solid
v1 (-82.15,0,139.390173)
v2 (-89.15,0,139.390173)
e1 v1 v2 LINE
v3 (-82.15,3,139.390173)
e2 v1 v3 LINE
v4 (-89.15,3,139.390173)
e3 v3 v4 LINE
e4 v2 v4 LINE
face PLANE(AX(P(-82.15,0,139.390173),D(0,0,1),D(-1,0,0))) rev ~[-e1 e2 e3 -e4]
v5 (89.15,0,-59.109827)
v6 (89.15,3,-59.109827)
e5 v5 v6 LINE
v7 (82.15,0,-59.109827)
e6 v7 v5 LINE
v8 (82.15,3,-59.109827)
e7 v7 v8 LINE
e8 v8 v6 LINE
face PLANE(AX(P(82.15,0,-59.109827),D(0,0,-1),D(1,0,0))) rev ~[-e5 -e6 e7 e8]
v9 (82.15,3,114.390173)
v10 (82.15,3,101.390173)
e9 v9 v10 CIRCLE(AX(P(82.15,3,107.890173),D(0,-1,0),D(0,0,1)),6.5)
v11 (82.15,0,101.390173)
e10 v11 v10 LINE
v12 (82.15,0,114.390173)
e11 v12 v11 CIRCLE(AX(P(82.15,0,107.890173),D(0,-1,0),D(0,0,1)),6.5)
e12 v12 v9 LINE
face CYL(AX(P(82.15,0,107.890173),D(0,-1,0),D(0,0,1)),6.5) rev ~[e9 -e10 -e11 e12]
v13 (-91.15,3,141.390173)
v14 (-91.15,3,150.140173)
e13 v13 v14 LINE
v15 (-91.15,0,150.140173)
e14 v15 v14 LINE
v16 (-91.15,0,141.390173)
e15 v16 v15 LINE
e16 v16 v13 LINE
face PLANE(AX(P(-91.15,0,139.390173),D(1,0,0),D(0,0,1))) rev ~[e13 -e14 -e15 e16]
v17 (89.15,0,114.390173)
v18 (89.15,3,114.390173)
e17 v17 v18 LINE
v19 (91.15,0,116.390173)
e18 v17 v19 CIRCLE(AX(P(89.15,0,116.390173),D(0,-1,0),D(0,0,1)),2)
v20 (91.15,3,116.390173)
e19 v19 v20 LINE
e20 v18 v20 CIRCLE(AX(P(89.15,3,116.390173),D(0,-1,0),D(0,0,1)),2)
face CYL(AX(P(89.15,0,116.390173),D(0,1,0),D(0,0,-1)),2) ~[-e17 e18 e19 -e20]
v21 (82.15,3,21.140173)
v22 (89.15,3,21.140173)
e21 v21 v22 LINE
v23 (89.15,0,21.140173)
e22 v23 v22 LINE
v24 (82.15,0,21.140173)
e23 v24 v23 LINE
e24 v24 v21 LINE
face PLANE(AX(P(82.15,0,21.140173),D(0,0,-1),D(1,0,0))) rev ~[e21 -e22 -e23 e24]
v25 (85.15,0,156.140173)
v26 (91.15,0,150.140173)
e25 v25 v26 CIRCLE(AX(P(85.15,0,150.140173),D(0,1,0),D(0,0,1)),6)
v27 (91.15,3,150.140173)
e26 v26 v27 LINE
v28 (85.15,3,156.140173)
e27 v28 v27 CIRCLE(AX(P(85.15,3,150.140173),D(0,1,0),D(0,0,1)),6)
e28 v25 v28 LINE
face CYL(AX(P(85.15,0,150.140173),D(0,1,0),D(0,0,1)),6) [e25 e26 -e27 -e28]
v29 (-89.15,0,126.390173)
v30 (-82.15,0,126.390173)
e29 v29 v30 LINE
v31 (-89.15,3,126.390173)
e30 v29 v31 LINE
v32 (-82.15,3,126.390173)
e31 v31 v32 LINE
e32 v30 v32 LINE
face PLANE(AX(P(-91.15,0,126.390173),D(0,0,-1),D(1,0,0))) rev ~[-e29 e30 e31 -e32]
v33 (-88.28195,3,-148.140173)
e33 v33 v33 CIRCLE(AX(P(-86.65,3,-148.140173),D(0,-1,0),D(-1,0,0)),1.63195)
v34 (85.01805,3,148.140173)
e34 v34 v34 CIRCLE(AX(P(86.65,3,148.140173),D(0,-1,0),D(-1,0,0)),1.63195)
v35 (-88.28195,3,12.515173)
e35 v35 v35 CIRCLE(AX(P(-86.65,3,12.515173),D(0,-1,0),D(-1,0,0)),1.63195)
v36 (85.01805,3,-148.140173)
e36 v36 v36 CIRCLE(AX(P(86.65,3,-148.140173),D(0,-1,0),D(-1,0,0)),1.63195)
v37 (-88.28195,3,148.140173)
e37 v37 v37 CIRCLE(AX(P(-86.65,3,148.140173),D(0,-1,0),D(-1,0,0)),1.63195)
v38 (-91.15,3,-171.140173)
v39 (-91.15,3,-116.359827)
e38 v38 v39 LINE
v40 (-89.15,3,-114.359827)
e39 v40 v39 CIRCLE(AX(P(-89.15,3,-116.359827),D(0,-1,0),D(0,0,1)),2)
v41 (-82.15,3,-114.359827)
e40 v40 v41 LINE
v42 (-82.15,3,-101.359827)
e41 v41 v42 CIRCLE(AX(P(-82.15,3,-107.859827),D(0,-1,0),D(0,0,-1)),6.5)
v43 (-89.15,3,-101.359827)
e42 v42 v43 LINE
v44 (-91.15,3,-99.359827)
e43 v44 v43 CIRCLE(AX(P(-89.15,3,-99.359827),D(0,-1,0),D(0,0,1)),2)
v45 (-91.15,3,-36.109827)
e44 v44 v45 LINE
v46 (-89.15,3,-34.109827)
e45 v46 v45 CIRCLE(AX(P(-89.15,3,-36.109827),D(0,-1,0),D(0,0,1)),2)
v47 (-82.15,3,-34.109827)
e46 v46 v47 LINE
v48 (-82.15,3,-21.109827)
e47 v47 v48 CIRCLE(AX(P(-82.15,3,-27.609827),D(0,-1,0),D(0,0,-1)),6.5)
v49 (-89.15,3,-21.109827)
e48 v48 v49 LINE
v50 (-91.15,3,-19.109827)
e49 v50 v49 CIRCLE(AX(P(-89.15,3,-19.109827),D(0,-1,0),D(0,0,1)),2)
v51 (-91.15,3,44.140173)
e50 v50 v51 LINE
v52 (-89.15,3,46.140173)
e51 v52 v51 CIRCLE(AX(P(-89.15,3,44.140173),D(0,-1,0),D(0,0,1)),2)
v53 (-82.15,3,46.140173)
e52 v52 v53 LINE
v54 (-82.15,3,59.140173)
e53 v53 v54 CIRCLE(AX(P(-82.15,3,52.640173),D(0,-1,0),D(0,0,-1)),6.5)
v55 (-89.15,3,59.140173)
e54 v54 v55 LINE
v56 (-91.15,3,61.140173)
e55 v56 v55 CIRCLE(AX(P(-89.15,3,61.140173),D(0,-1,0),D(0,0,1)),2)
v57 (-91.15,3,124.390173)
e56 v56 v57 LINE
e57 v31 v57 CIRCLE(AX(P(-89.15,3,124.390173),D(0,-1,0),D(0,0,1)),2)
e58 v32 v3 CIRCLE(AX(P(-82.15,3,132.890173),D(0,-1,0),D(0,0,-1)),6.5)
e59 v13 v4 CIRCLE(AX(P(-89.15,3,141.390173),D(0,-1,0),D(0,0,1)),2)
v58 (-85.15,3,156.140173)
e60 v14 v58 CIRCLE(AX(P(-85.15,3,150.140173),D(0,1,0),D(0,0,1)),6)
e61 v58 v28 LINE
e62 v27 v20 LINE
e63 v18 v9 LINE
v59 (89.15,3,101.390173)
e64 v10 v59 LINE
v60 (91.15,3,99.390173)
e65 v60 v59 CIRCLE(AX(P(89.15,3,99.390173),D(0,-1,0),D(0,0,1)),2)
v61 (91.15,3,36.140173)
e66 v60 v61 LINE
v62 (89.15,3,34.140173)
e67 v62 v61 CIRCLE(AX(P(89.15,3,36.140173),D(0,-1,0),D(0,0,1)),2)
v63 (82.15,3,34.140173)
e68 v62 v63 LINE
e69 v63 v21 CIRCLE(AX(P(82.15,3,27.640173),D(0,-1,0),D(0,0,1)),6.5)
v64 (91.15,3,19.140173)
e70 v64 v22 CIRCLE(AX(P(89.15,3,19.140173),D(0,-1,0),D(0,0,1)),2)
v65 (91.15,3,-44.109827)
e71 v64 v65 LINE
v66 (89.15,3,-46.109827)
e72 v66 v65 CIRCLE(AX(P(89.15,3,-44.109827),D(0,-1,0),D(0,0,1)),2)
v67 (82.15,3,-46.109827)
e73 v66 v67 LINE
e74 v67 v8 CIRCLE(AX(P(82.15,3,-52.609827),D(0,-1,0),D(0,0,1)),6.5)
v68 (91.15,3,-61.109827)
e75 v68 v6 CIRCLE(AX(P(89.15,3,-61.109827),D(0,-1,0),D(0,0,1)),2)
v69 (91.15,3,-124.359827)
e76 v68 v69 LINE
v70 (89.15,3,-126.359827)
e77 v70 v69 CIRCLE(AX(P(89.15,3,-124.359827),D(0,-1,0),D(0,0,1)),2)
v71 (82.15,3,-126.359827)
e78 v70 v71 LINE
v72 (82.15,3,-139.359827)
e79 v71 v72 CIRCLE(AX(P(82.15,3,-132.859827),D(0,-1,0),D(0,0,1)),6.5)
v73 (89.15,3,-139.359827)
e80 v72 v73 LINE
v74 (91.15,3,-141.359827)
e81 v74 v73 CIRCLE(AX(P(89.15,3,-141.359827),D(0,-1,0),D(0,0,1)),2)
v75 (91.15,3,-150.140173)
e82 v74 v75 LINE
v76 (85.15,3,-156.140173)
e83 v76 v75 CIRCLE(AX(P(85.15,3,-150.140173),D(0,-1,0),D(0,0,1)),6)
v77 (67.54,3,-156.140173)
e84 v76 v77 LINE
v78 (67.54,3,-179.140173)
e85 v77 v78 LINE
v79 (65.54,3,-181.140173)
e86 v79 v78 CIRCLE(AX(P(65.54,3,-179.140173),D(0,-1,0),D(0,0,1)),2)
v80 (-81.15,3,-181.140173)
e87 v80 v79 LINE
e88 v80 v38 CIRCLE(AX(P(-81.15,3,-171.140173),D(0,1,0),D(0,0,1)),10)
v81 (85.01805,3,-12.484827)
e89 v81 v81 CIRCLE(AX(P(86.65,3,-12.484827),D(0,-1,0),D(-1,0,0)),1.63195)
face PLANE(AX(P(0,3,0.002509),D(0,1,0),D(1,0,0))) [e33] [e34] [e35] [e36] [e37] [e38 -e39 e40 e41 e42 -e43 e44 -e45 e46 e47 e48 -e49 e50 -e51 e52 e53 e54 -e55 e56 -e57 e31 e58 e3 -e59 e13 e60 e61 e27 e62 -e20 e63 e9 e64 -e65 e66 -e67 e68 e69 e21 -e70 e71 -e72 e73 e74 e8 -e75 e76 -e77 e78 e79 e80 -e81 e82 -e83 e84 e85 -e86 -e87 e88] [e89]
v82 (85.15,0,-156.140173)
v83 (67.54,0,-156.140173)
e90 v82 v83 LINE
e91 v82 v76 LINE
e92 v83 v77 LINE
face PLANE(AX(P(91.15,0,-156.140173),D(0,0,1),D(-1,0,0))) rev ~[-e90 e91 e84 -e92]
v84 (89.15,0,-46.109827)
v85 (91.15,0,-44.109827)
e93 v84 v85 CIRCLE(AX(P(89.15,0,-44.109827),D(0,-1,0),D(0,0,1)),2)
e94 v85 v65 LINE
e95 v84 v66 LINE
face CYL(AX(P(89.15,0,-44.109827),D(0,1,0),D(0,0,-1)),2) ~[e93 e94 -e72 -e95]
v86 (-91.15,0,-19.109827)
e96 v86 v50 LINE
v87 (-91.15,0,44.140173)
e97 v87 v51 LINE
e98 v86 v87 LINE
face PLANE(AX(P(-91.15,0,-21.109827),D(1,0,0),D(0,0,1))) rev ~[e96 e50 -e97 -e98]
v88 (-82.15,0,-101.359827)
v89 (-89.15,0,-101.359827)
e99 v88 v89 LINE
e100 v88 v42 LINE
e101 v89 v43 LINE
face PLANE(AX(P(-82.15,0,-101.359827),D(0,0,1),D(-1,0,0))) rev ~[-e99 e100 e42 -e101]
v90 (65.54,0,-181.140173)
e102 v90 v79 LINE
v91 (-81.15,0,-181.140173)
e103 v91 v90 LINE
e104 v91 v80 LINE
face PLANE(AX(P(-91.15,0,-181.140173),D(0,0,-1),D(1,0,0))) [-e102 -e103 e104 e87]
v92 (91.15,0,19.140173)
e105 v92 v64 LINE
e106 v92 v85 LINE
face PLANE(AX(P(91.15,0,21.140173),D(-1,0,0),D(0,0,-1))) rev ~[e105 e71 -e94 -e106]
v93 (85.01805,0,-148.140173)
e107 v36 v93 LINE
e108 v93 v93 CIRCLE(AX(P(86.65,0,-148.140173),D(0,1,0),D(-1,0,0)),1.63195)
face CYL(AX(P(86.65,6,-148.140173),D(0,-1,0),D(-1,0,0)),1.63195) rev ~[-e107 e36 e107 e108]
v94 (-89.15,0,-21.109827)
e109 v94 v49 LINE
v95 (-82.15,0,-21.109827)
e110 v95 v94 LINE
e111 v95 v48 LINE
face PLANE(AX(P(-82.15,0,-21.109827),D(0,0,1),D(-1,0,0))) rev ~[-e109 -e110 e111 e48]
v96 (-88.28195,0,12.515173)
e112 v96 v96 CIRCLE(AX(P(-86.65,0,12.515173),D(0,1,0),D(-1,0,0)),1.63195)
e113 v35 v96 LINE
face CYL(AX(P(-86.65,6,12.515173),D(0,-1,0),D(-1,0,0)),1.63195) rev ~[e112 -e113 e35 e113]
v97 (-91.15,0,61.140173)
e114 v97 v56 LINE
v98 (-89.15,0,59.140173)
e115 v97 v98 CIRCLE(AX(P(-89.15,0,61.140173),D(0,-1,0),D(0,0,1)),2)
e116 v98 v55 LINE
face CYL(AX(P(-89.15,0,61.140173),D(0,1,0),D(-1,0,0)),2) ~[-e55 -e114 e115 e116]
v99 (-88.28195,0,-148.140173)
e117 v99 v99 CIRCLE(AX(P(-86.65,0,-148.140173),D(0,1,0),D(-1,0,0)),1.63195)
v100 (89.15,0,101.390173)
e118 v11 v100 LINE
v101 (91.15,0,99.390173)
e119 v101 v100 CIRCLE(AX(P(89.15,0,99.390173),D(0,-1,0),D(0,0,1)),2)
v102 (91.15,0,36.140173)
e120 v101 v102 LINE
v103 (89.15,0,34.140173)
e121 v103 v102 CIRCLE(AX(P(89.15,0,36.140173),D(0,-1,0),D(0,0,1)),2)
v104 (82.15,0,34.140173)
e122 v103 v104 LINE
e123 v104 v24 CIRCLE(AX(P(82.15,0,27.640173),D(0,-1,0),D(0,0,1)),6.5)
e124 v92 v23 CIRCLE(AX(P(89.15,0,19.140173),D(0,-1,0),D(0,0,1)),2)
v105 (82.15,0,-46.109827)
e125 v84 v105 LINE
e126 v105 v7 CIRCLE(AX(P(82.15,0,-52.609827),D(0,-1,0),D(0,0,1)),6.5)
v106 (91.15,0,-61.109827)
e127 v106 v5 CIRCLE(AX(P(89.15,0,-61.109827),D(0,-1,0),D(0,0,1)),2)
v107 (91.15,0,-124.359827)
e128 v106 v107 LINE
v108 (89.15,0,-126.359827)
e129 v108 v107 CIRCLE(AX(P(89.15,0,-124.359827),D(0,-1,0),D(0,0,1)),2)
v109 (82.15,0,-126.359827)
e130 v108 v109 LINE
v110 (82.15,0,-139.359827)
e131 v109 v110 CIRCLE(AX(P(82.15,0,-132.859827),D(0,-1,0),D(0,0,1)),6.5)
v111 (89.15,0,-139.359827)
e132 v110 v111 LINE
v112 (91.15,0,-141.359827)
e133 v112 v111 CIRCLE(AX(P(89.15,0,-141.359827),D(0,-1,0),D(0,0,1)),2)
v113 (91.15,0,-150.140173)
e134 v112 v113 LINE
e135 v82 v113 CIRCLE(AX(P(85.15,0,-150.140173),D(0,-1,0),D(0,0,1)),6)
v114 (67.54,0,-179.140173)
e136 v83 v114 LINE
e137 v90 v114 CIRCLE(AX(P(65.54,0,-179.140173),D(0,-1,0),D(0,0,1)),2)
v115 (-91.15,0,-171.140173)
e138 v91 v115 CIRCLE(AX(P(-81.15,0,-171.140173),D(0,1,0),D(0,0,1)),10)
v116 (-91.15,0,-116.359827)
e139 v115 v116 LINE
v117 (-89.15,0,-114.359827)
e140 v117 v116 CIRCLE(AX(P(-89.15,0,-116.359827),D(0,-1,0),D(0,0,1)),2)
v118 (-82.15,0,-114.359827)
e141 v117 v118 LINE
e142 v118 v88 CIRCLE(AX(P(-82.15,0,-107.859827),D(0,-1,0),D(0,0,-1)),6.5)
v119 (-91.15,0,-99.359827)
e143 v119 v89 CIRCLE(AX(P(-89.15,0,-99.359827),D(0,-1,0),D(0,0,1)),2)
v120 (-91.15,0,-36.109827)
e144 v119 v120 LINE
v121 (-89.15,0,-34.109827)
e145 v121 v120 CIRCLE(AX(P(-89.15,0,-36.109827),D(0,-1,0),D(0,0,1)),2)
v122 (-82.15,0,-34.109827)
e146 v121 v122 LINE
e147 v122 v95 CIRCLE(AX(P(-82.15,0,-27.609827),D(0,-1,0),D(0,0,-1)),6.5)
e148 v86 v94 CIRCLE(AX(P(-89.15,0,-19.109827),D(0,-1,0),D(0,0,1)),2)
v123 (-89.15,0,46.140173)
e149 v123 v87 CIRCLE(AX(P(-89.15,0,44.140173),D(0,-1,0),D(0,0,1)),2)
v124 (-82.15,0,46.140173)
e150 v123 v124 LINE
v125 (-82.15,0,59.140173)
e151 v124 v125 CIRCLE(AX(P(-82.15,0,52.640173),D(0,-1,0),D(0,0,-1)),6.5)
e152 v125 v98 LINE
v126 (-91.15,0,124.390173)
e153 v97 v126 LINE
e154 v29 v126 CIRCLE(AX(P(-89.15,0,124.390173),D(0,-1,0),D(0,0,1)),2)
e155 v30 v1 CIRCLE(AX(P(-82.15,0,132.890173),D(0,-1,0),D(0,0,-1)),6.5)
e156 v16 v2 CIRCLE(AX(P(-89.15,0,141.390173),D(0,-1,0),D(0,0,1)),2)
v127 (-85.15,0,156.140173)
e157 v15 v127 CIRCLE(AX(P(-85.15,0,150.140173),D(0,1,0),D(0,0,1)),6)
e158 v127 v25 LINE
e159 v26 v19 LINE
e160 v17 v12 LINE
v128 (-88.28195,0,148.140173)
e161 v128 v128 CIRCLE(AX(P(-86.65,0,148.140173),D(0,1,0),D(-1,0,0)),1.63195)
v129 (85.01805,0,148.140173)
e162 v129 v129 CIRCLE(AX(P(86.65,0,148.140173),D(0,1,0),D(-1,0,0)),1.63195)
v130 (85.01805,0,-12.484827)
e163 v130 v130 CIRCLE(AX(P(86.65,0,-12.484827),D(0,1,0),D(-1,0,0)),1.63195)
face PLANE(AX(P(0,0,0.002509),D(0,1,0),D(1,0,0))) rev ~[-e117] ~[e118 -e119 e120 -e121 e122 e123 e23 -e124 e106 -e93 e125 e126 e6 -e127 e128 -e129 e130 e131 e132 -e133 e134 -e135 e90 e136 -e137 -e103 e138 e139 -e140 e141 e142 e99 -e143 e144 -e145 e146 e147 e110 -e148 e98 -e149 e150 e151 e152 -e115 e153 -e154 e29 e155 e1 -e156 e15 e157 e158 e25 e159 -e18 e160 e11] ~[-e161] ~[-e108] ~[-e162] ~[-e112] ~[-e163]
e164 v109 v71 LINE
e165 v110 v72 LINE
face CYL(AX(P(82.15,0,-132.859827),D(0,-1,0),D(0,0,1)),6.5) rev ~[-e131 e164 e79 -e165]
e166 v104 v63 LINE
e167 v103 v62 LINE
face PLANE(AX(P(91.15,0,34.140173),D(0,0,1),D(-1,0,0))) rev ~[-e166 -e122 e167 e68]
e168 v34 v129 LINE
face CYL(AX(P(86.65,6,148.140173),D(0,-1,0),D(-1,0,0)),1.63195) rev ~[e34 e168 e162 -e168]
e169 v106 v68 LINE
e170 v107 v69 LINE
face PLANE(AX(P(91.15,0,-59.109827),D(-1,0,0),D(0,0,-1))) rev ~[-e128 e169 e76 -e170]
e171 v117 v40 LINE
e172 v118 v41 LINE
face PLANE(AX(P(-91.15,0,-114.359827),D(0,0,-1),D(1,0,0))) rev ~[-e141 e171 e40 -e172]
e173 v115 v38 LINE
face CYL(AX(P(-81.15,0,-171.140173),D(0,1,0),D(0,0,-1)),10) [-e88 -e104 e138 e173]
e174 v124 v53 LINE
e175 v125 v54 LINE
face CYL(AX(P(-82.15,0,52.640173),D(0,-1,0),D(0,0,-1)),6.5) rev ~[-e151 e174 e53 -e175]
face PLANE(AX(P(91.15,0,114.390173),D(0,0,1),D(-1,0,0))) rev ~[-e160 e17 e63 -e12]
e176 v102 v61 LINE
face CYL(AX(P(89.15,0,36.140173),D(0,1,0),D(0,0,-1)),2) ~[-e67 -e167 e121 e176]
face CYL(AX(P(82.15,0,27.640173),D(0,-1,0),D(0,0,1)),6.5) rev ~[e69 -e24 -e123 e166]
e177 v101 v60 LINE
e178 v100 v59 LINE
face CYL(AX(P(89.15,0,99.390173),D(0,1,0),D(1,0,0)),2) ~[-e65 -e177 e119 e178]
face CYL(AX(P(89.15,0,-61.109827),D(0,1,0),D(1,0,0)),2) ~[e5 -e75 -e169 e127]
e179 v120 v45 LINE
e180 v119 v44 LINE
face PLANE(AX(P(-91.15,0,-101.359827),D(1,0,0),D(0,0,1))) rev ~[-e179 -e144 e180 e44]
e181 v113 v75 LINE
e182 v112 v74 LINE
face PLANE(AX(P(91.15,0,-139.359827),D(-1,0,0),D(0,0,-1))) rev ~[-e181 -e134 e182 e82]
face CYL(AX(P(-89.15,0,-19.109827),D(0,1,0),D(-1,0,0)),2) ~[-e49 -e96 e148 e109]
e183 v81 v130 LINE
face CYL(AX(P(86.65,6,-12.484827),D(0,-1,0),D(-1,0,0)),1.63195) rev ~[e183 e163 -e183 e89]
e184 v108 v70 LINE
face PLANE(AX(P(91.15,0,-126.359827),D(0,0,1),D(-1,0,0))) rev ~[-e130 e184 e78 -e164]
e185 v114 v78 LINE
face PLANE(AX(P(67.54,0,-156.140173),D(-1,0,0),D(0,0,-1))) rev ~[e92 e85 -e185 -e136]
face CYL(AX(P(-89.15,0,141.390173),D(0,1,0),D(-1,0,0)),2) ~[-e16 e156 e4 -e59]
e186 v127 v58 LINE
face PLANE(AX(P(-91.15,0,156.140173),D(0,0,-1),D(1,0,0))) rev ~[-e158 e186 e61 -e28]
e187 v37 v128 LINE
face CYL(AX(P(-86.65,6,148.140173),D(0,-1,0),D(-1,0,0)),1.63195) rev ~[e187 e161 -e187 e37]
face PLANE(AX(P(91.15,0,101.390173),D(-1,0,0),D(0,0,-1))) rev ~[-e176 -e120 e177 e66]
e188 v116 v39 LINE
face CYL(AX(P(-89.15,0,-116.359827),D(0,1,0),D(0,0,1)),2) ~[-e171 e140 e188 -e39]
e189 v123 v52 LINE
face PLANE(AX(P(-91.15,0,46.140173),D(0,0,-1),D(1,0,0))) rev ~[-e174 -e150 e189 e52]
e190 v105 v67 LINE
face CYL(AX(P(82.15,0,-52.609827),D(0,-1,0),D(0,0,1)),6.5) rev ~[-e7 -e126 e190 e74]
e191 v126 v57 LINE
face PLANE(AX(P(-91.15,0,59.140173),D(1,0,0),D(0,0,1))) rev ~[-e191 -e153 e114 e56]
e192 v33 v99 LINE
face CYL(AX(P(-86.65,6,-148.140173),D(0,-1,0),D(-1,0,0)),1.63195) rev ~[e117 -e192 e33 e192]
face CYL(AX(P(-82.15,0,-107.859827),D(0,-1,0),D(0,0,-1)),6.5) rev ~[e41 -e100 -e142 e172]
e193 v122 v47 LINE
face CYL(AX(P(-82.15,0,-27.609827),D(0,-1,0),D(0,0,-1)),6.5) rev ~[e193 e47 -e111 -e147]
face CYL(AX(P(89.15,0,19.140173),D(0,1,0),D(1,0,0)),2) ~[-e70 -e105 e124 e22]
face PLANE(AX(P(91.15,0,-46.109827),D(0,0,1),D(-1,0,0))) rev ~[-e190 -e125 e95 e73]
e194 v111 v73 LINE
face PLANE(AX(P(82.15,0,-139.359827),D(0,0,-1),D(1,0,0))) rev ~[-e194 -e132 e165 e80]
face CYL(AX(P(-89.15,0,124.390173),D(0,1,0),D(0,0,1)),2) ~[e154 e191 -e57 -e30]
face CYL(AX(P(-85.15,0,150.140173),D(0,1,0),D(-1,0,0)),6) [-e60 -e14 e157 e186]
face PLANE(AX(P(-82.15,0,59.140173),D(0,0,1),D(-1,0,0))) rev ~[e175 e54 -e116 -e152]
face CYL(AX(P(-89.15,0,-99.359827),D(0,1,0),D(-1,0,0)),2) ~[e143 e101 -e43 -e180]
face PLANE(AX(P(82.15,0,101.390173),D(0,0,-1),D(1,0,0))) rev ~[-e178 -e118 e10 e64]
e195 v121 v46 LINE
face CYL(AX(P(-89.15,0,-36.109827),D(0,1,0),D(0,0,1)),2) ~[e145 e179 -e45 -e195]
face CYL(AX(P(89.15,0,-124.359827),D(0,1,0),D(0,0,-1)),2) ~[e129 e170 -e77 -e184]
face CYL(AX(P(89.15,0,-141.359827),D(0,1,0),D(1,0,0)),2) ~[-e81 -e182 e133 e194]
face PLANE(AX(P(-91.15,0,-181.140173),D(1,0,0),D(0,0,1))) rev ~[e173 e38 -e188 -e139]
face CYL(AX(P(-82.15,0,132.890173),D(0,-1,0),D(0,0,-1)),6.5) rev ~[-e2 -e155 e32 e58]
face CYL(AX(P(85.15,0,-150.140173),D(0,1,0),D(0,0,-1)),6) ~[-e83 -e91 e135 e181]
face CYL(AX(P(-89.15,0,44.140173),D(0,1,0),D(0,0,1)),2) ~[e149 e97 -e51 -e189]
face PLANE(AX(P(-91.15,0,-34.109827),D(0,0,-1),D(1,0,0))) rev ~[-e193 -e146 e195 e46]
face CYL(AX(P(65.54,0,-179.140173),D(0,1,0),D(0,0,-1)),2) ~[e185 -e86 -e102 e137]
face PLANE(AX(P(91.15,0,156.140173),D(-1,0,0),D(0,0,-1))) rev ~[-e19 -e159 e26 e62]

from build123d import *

# Parameters (mm, degrees)
SKETCH1_W                 = 158.69
SKETCH1_H                 = 25
BOSS_EXTRUDE1_DEPTH       = 3
FILLET1_R                 = 10
FILLET2_R                 = 6
F_4_CLEARANCE_HOLE1_D     = 3.2639
F_4_CLEARANCE_HOLE1_DEPTH = 3
F_4_CLEARANCE_HOLE1_TIP   = 0.980574487
FILLET3_R                 = 2


with BuildPart() as part:
    # Sketch1 → Boss-Extrude1 (new body)
    with BuildSketch(Plane(origin=(0, 0, 0), x_dir=(1, 0, 0), z_dir=(0, 1, 0))):
        with BuildLine():
            Line((-91.15, 34.109827366), (-82.15, 34.109827366))
            ThreePointArc((-82.15, 34.109827366), (-75.65, 27.609827366), (-82.15, 21.109827366))
            Line((-82.15, 21.109827366), (-91.15, 21.109827366))
            Line((-91.15, 21.109827366), (-91.15, -46.140172634))
            Line((-91.15, -46.140172634), (-82.15, -46.140172634))
            ThreePointArc((-82.15, -46.140172634), (-75.65, -52.640172634), (-82.15, -59.140172634))
            Line((-82.15, -59.140172634), (-91.15, -59.140172634))
            Line((-91.15, -59.140172634), (-91.15, -126.390172634))
            Line((-91.15, -126.390172634), (-82.15, -126.390172634))
            ThreePointArc((-82.15, -126.390172634), (-75.65, -132.890172634), (-82.15, -139.390172634))
            Line((-82.15, -139.390172634), (-91.15, -139.390172634))
            Line((-91.15, -139.390172634), (-91.15, -156.140172634))
            Line((-91.15, -156.140172634), (91.15, -156.140172634))
            Line((91.15, -156.140172634), (91.15, -114.390172634))
            Line((91.15, -114.390172634), (82.15, -114.390172634))
            ThreePointArc((82.15, -114.390172634), (75.65, -107.890172634), (82.15, -101.390172634))
            Line((82.15, -101.390172634), (91.15, -101.390172634))
            Line((91.15, -101.390172634), (91.15, -34.140172634))
            Line((91.15, -34.140172634), (82.15, -34.140172634))
            ThreePointArc((82.15, -34.140172634), (75.65, -27.640172634), (82.15, -21.140172634))
            Line((82.15, -21.140172634), (91.15, -21.140172634))
            Line((91.15, -21.140172634), (91.15, 46.109827366))
            Line((91.15, 46.109827366), (82.15, 46.109827366))
            ThreePointArc((82.15, 46.109827366), (75.65, 52.609827366), (82.15, 59.109827366))
            Line((82.15, 59.109827366), (91.15, 59.109827366))
            Line((91.15, 59.109827366), (91.15, 126.359827366))
            Line((91.15, 126.359827366), (82.15, 126.359827366))
            ThreePointArc((82.15, 126.359827366), (75.65, 132.859827366), (82.15, 139.359827366))
            Line((82.15, 139.359827366), (91.15, 139.359827366))
            Line((91.15, 139.359827366), (91.15, 156.140172634))
            Line((91.15, 156.140172634), (67.54, 156.140172634))
            Line((67.54, 156.140172634), (-91.15, 156.140172634))
            Line((-91.15, 156.140172634), (-91.15, 114.359827366))
            Line((-91.15, 114.359827366), (-82.15, 114.359827366))
            ThreePointArc((-82.15, 114.359827366), (-75.65, 107.859827366), (-82.15, 101.359827366))
            Line((-82.15, 101.359827366), (-91.15, 101.359827366))
            Line((-91.15, 101.359827366), (-91.15, 34.109827366))
        make_face()
        with Locations((-11.805, 168.640172634)):
            Rectangle(SKETCH1_W, SKETCH1_H)
    extrude(amount=BOSS_EXTRUDE1_DEPTH)

    # Fillet1
    fillet1_edges = [part.edges().sort_by_distance(p)[0] for p in [
        (-91.15, 1.5, -181.140172634),
    ]]
    fillet(fillet1_edges, radius=FILLET1_R)

    # Fillet2
    fillet2_edges = [part.edges().sort_by_distance(p)[0] for p in [
        (91.15, 1.5, 156.140172634),
        (-91.15, 1.5, 156.140172634),
        (91.15, 1.5, -156.140172634),
    ]]
    fillet(fillet2_edges, radius=FILLET2_R)

    # #4 Clearance Hole1
    with Locations(Plane(origin=(0, 3, 0), x_dir=(1, 0, 0), z_dir=(0, 1, 0))):
        with Locations((86.65, 148.140172634), (-86.65, -148.140172634), (-86.65, -12.515172634), (-86.65, 148.140172634), (86.65, 12.484827366), (86.65, -148.140172634)):
            Hole(F_4_CLEARANCE_HOLE1_D / 2, depth=F_4_CLEARANCE_HOLE1_DEPTH)
            with Locations((0, 0, -(F_4_CLEARANCE_HOLE1_DEPTH + F_4_CLEARANCE_HOLE1_TIP / 2))):  # 118° drill point
                Cone(0, F_4_CLEARANCE_HOLE1_D / 2, F_4_CLEARANCE_HOLE1_TIP, mode=Mode.SUBTRACT)

    # Fillet3
    fillet3_edges = [part.edges().sort_by_distance(p)[0] for p in [
        (67.54, 1.5, -181.140172634),
        (91.15, 1.5, -126.359827366),
        (91.15, 1.5, -59.109827366),
        (91.15, 1.5, -46.109827366),
        (91.15, 1.5, 21.140172634),
        (91.15, 1.5, 34.140172634),
        (91.15, 1.5, 101.390172634),
        (91.15, 1.5, 114.390172634),
        (-91.15, 1.5, 139.390172634),
        (-91.15, 1.5, 126.390172634),
        (-91.15, 1.5, 59.140172634),
        (-91.15, 1.5, 46.140172634),
        (-91.15, 1.5, -21.109827366),
        (-91.15, 1.5, -34.109827366),
        (-91.15, 1.5, -101.359827366),
        (-91.15, 1.5, -114.359827366),
        (91.15, 1.5, -139.359827366),
    ]]
    fillet(fillet3_edges, radius=FILLET3_R)


solid = part.part
